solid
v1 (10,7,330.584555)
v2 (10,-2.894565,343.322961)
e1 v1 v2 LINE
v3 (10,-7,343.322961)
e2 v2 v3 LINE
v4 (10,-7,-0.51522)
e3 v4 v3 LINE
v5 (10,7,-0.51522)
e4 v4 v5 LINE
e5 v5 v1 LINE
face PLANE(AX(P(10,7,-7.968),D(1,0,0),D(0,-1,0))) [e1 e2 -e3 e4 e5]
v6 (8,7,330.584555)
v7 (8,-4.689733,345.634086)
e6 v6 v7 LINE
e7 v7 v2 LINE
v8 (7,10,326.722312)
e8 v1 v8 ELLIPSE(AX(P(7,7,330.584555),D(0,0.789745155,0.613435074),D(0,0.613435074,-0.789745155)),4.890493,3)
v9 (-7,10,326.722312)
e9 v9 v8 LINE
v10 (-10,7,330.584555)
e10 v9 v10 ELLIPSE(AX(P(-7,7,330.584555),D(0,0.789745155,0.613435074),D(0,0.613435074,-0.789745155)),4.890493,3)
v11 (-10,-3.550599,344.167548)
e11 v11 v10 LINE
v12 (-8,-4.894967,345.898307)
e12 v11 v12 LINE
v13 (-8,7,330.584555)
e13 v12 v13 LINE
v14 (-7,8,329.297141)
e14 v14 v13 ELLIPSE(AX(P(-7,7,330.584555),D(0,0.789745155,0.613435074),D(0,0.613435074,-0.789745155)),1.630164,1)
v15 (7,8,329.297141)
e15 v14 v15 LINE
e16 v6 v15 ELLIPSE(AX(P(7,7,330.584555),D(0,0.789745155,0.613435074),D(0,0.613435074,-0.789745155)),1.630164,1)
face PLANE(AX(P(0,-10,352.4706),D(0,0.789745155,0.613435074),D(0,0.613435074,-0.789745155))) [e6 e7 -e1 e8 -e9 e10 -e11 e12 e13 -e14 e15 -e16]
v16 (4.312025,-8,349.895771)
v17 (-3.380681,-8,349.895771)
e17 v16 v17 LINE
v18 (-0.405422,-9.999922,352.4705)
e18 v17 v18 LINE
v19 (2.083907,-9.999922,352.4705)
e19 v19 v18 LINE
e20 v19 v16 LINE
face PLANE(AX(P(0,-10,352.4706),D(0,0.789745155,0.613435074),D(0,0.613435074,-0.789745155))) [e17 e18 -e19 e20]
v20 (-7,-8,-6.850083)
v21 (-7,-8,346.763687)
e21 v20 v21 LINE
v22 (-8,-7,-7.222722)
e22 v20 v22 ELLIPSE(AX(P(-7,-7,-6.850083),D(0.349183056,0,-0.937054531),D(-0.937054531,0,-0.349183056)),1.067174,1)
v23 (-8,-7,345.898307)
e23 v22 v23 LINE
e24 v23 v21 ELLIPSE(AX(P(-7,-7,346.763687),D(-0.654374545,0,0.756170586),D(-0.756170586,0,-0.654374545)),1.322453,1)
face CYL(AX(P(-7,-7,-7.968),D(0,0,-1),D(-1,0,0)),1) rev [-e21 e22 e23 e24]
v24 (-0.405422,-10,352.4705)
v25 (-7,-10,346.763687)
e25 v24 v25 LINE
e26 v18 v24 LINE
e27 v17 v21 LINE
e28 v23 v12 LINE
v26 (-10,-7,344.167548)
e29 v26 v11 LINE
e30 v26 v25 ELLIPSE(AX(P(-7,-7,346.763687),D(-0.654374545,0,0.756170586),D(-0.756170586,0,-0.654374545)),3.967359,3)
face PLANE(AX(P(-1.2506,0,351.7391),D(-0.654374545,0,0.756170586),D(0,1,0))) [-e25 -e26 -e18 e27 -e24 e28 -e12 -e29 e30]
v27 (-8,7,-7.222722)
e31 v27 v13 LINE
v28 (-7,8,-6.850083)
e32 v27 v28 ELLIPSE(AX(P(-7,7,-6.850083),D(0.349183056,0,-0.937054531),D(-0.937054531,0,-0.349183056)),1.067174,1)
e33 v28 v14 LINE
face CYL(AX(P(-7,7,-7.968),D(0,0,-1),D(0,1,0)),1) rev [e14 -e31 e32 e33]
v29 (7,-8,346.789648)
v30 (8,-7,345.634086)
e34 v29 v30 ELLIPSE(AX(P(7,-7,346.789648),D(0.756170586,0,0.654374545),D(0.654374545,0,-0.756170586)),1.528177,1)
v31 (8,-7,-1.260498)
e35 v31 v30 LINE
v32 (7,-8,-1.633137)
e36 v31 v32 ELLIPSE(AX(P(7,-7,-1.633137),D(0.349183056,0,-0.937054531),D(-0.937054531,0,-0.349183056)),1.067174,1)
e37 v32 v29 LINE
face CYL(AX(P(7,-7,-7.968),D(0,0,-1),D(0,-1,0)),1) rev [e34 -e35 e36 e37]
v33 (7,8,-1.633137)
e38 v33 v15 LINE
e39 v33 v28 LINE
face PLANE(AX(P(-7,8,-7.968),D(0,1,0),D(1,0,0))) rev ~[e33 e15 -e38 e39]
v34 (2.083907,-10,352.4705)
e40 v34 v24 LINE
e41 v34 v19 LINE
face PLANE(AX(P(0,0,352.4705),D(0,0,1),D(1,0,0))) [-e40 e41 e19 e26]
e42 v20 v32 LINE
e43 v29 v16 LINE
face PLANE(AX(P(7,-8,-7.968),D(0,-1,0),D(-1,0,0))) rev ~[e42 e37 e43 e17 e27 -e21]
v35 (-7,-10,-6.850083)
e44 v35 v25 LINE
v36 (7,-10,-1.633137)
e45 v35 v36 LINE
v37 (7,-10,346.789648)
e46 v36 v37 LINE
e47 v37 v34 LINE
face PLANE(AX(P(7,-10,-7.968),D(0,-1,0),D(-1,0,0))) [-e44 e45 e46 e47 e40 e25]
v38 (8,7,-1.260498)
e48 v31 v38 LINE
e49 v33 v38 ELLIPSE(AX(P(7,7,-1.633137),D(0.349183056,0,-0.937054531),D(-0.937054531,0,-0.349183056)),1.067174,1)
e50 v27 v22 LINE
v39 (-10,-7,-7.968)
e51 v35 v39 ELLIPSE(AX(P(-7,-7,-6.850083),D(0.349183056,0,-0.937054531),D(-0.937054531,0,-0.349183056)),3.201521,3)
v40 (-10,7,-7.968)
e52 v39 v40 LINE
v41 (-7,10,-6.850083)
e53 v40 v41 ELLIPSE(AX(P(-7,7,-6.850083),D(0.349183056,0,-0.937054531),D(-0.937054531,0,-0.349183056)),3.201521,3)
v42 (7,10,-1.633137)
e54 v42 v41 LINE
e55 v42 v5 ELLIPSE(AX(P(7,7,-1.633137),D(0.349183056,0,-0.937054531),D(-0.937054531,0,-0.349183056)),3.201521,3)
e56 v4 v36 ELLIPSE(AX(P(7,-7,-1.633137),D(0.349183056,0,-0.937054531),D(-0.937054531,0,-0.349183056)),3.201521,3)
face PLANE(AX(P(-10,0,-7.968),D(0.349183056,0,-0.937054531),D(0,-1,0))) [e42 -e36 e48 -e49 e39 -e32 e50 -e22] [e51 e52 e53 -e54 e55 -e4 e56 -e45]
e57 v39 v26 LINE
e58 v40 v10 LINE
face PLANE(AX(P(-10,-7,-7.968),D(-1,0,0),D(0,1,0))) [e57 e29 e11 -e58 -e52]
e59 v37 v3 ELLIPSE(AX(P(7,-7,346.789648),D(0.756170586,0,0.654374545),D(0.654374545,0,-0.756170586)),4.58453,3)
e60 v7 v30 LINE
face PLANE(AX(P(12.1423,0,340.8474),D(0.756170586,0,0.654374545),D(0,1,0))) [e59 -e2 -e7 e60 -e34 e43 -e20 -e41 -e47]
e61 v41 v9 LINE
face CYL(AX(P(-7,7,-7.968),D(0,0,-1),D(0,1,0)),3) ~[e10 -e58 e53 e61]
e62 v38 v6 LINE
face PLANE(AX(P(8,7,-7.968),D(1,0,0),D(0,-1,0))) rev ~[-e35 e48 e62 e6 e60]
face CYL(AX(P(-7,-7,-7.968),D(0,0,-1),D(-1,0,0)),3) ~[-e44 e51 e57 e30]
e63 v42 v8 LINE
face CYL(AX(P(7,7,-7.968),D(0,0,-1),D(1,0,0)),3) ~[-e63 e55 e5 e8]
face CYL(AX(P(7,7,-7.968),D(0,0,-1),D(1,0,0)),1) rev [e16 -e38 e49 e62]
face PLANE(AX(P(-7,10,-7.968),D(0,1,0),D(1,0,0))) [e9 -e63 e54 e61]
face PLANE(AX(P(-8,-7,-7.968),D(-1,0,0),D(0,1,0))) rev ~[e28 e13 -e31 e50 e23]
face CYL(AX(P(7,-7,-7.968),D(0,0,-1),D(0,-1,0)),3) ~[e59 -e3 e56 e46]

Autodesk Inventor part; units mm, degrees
ref_plane "Start Plane" through (0, 0, -7.968) normal (0, 0, 1) x (1, 0, 0)
ref_plane "End Plane" through (0, 0, 352.4706) normal (0, 0, 1) x (1, 0, 0)
sketch "Sketch" plane through (0, 0, 0) normal (0, 0, 1) x (1, 0, 0)
  line L0 (-10, -7) -> (-10, 7)
  line L1 (-7, 10) -> (7, 10)
  line L2 (10, 7) -> (10, -7)
  line L3 (7, -10) -> (-7, -10)
  arc A0 (-10, -7) -> (-7, -10) centre (-7, -7) ccw
  arc A1 (-7, 10) -> (-10, 7) centre (-7, 7) ccw
  arc A2 (10, 7) -> (7, 10) centre (7, 7) ccw
  arc A3 (7, -10) -> (10, -7) centre (7, -7) ccw
  arc A4 (-7, 8) -> (-8, 7) centre (-7, 7) ccw
  line L4 (-7, 8) -> (7, 8)
  arc A5 (8, 7) -> (7, 8) centre (7, 7) ccw
  line L5 (8, 7) -> (8, -7)
  arc A6 (7, -8) -> (8, -7) centre (7, -7) ccw
  line L6 (7, -8) -> (-7, -8)
  arc A7 (-8, -7) -> (-7, -8) centre (-7, -7) ccw
  line L7 (-8, -7) -> (-8, 7)
  line L8 (0, 14.8698) -> (0, -14.8698) construction
  line L9 (-14.8698, 0) -> (14.8698, 0) construction
  dimension "d7" = 3
  dimension "d10" = 20
  dimension "d11" = 20
  dimension "d12" = 2
  dimension "d15" = 10
  dimension "d16" = 10
extrude "Body" add sketch "Sketch" along normal up to surface (360.4385 mm away) from surface at -7.968
sketch "Sketch3" plane through (0, 0, 0) normal (0, 0, 1) x (1, 0, 0)
  line L0 (0, 0) -> (10, 0)
ref_plane "Work Plane3" through (0, 0, 0) normal (0, -1, 0) x (1, 0, 0)
sketch "Sketch4" plane through (0, 0, 0) normal (0, -1, 0) x (1, 0, 0)
  line L0 (-2, -7.968) -> (12, -7.968)
  line L1 (-2, 352.4706) -> (12, 352.4706)
  dimension "d18" = 360.4385
ref_plane "Work Plane4" through (-10, 0, -7.968) normal (0.3492, 0, -0.9371) x (-0.9371, 0, -0.3492)
split "Split1" plane through (-10, 0, -7.968) removes the side toward (0.3492, 0, -0.9371)
ref_plane "Work Plane5" through (0, -10, 352.4706) normal (0, 0.7897, 0.6134) x (1, 0, 0)
split "Split2" plane through (0, -10, 352.4706) removes the side toward (0, 0.7897, 0.6134)
ref_plane "Work Plane6" through (12.1423, 0, 340.8474) normal (0.7562, 0, 0.6544) x (0.6544, 0, -0.7562)
split "Split3" plane through (12.1423, 0, 340.8474) removes the side toward (0.7562, 0, 0.6544)
ref_plane "Work Plane7" through (-1.2506, 0, 351.7391) normal (-0.6544, 0, 0.7562) x (0.7562, 0, 0.6544)
split "Split4" plane through (-1.2506, 0, 351.7391) removes the side toward (-0.6544, 0, 0.7562)
equation "\"d7\" = G_IR"
equation "\"d10\" = G_H"
equation "\"d11\" = G_W"
equation "\"d12\" = G_T"
equation "\"d15\" = 0.5 * d10"
equation "\"d16\" = 0.5 * d11"
equation "\"d3\" = G_L"
equation "\"G_W\" = 20"
equation "\"G_H\" = 20"
equation "\"G_T\" = 2"
equation "\"G_IR\" = 3"
equation "\"G_L\" = d18"
equation "\"G_OFFSET_START\" = 7.96796"
equation "\"G_OFFSET_END\" = 12.87375"
equation "\"d13\" = -G_OFFSET_START"
equation "\"d14\" = G_OFFSET_END + B_L"
equation "\"B_L\" = 339.59682"
properties part number "ISO 12633-2 - 20x20x2 - 360,44  sideplan 1 bagerste stolpe" material "Steel, Mild"
